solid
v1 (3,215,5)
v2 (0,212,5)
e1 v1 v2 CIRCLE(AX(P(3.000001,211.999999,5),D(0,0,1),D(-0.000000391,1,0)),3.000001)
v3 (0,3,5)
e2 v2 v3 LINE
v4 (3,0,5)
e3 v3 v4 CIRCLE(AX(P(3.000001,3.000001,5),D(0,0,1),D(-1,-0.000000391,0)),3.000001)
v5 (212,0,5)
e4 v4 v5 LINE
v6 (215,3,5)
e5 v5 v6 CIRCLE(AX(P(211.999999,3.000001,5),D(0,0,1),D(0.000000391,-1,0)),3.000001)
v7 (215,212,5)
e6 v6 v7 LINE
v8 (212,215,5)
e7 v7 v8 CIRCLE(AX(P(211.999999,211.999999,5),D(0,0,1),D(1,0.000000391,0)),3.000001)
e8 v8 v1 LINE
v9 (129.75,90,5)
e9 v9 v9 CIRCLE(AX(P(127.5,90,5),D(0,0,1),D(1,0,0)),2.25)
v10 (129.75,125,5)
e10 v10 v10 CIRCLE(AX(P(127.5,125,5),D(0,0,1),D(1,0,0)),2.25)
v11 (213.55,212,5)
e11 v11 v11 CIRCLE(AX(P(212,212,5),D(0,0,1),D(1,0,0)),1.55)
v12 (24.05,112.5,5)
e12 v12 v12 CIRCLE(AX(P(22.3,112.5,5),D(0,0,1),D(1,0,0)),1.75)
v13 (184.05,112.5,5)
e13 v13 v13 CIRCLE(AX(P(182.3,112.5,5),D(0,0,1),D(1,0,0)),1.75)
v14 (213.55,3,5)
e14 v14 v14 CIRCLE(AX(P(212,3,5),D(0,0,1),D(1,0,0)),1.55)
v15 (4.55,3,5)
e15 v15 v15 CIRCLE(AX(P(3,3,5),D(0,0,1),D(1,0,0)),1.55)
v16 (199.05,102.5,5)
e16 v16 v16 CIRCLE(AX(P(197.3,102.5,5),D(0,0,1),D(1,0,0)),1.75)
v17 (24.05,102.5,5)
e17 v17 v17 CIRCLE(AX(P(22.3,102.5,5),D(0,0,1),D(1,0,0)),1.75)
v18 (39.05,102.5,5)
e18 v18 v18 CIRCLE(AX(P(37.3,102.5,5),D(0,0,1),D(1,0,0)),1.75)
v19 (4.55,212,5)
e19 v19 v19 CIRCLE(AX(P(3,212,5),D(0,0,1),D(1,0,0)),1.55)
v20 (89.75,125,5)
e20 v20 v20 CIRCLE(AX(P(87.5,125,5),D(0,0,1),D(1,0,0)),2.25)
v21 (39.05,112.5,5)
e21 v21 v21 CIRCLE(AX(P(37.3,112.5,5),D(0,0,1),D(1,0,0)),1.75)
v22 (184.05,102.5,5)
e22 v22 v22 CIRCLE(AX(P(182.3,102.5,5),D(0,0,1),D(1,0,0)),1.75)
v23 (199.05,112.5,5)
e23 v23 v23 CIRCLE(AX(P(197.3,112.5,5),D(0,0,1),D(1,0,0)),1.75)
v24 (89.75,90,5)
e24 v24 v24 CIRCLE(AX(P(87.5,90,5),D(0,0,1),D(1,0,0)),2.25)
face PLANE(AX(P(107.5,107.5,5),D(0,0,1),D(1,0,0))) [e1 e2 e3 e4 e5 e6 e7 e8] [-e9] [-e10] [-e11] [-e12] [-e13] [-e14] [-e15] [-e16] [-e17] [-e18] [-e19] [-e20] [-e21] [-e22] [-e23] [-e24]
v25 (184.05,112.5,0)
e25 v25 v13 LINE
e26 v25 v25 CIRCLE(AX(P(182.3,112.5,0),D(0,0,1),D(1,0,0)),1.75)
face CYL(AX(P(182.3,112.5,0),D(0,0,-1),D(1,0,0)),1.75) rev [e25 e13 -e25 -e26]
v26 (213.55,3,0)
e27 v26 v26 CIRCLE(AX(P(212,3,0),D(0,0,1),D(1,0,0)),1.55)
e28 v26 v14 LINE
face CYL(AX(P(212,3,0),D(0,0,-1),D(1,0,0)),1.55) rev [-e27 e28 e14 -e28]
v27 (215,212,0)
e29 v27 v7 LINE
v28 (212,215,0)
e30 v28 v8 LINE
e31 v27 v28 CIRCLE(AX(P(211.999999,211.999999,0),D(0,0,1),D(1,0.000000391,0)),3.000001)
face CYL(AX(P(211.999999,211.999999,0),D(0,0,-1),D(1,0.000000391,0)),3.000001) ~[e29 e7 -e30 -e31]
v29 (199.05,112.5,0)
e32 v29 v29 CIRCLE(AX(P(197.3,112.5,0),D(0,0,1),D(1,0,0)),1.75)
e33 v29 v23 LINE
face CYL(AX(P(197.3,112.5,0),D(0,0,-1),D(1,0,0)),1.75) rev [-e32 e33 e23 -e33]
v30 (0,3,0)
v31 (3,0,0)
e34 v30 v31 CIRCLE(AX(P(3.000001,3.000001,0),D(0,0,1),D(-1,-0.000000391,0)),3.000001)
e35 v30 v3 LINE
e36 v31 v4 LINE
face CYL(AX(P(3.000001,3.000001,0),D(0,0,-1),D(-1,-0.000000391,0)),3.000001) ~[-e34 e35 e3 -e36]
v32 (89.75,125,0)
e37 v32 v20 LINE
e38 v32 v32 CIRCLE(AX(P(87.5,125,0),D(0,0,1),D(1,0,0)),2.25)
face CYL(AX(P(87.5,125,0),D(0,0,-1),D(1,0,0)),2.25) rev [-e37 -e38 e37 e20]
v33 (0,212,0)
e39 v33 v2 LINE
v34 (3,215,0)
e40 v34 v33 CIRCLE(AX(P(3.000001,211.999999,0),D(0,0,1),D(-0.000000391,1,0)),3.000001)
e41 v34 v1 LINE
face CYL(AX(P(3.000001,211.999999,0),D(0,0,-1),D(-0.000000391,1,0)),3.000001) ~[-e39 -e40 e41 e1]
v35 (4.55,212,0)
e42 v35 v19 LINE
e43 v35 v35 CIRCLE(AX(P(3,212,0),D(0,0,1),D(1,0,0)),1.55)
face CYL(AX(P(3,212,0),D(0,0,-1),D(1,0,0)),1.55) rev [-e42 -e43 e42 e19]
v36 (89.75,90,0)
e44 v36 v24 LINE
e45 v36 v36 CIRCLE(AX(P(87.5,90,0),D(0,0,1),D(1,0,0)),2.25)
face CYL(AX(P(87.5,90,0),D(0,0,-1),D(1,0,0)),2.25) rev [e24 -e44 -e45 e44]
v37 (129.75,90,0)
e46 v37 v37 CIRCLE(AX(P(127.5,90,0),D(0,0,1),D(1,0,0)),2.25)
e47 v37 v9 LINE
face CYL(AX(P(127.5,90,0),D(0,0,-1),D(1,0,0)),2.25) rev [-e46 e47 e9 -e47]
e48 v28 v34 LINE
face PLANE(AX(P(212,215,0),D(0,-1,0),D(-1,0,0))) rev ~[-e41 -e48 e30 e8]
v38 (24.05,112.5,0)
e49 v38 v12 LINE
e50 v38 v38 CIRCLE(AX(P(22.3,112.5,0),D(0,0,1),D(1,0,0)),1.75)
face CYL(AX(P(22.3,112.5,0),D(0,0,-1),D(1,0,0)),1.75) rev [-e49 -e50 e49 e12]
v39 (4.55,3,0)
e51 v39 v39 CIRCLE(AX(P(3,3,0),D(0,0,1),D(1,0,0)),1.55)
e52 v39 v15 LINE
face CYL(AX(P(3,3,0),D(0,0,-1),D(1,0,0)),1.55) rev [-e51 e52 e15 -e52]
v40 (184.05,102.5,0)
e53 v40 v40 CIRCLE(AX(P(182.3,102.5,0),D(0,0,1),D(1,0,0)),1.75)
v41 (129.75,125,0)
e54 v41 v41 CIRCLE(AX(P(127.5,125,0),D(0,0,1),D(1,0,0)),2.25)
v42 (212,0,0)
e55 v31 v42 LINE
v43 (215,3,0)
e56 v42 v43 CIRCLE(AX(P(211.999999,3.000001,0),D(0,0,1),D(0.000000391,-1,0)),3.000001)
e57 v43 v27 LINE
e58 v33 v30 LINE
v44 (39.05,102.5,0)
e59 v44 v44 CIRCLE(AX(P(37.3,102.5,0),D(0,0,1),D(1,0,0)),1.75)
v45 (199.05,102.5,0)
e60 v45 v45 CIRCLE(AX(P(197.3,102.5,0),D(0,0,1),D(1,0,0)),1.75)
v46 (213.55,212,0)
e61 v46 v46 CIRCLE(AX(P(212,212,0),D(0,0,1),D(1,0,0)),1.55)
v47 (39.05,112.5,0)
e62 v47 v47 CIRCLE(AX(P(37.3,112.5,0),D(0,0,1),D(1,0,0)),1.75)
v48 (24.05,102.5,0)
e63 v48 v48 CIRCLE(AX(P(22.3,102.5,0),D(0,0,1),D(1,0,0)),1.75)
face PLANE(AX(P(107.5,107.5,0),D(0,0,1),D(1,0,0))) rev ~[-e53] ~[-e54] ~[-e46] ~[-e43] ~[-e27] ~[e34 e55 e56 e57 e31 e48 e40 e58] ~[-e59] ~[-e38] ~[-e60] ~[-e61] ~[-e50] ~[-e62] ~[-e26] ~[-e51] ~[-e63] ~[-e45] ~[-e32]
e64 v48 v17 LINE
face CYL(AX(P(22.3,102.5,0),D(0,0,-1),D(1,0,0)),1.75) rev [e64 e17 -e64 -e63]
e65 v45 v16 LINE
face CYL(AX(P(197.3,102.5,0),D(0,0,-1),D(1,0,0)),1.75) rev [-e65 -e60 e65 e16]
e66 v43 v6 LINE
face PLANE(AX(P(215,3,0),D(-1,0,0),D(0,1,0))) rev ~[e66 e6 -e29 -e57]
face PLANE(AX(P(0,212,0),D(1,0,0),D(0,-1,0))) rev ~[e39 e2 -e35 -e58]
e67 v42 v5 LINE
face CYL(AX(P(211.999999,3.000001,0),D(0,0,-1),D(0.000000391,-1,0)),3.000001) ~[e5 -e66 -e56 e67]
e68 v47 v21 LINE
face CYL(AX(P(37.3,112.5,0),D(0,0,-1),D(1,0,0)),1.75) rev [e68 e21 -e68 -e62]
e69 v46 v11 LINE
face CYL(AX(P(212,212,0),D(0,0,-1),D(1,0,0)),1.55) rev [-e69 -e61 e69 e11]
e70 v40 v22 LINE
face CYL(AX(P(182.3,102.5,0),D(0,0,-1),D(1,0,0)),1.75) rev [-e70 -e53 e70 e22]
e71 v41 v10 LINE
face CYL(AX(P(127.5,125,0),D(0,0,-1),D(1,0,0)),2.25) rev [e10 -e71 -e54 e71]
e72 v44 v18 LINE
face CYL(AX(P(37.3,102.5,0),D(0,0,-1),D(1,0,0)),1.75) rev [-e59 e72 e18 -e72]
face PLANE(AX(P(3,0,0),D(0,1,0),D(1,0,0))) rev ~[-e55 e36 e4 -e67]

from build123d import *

# Parameters (mm, degrees)
F0_R     = 1.55
F0_R_2   = 1.75
F0_R_3   = 2.25
F1_DEPTH = 5


with BuildPart() as f1:
    # F0 (on Top) → F1 (new body)
    with BuildSketch(Plane.XY):
        with BuildLine():
            ThreePointArc((0, 3), (0.87868, 0.87868), (3, 0))
            Line((3, 0), (212, 0))
            ThreePointArc((212, 0), (214.12132, 0.87868), (215, 3))
            Line((215, 3), (215, 212))
            ThreePointArc((215, 212), (214.12132, 214.12132), (212, 215))
            Line((212, 215), (3, 215))
            ThreePointArc((3, 215), (0.87868, 214.12132), (0, 212))
            Line((0, 212), (0, 3))
        make_face()
        with Locations((3, 3)):
            Circle(F0_R, mode=Mode.SUBTRACT)
        with Locations((22.3, 102.5)):
            Circle(F0_R_2, mode=Mode.SUBTRACT)
        with Locations((37.3, 102.5)):
            Circle(F0_R_2, mode=Mode.SUBTRACT)
        with Locations((87.5, 90)):
            Circle(F0_R_3, mode=Mode.SUBTRACT)
        with Locations((212, 3)):
            Circle(F0_R, mode=Mode.SUBTRACT)
        with Locations((127.5, 90)):
            Circle(F0_R_3, mode=Mode.SUBTRACT)
        with Locations((182.3, 102.5)):
            Circle(F0_R_2, mode=Mode.SUBTRACT)
        with Locations((197.3, 102.5)):
            Circle(F0_R_2, mode=Mode.SUBTRACT)
        with Locations((22.3, 112.5)):
            Circle(F0_R_2, mode=Mode.SUBTRACT)
        with Locations((37.3, 112.5)):
            Circle(F0_R_2, mode=Mode.SUBTRACT)
        with Locations((87.5, 125)):
            Circle(F0_R_3, mode=Mode.SUBTRACT)
        with Locations((3, 212)):
            Circle(F0_R, mode=Mode.SUBTRACT)
        with Locations((127.5, 125)):
            Circle(F0_R_3, mode=Mode.SUBTRACT)
        with Locations((182.3, 112.5)):
            Circle(F0_R_2, mode=Mode.SUBTRACT)
        with Locations((197.3, 112.5)):
            Circle(F0_R_2, mode=Mode.SUBTRACT)
        with Locations((212, 212)):
            Circle(F0_R, mode=Mode.SUBTRACT)
    extrude(amount=F1_DEPTH)


solid = f1.part
